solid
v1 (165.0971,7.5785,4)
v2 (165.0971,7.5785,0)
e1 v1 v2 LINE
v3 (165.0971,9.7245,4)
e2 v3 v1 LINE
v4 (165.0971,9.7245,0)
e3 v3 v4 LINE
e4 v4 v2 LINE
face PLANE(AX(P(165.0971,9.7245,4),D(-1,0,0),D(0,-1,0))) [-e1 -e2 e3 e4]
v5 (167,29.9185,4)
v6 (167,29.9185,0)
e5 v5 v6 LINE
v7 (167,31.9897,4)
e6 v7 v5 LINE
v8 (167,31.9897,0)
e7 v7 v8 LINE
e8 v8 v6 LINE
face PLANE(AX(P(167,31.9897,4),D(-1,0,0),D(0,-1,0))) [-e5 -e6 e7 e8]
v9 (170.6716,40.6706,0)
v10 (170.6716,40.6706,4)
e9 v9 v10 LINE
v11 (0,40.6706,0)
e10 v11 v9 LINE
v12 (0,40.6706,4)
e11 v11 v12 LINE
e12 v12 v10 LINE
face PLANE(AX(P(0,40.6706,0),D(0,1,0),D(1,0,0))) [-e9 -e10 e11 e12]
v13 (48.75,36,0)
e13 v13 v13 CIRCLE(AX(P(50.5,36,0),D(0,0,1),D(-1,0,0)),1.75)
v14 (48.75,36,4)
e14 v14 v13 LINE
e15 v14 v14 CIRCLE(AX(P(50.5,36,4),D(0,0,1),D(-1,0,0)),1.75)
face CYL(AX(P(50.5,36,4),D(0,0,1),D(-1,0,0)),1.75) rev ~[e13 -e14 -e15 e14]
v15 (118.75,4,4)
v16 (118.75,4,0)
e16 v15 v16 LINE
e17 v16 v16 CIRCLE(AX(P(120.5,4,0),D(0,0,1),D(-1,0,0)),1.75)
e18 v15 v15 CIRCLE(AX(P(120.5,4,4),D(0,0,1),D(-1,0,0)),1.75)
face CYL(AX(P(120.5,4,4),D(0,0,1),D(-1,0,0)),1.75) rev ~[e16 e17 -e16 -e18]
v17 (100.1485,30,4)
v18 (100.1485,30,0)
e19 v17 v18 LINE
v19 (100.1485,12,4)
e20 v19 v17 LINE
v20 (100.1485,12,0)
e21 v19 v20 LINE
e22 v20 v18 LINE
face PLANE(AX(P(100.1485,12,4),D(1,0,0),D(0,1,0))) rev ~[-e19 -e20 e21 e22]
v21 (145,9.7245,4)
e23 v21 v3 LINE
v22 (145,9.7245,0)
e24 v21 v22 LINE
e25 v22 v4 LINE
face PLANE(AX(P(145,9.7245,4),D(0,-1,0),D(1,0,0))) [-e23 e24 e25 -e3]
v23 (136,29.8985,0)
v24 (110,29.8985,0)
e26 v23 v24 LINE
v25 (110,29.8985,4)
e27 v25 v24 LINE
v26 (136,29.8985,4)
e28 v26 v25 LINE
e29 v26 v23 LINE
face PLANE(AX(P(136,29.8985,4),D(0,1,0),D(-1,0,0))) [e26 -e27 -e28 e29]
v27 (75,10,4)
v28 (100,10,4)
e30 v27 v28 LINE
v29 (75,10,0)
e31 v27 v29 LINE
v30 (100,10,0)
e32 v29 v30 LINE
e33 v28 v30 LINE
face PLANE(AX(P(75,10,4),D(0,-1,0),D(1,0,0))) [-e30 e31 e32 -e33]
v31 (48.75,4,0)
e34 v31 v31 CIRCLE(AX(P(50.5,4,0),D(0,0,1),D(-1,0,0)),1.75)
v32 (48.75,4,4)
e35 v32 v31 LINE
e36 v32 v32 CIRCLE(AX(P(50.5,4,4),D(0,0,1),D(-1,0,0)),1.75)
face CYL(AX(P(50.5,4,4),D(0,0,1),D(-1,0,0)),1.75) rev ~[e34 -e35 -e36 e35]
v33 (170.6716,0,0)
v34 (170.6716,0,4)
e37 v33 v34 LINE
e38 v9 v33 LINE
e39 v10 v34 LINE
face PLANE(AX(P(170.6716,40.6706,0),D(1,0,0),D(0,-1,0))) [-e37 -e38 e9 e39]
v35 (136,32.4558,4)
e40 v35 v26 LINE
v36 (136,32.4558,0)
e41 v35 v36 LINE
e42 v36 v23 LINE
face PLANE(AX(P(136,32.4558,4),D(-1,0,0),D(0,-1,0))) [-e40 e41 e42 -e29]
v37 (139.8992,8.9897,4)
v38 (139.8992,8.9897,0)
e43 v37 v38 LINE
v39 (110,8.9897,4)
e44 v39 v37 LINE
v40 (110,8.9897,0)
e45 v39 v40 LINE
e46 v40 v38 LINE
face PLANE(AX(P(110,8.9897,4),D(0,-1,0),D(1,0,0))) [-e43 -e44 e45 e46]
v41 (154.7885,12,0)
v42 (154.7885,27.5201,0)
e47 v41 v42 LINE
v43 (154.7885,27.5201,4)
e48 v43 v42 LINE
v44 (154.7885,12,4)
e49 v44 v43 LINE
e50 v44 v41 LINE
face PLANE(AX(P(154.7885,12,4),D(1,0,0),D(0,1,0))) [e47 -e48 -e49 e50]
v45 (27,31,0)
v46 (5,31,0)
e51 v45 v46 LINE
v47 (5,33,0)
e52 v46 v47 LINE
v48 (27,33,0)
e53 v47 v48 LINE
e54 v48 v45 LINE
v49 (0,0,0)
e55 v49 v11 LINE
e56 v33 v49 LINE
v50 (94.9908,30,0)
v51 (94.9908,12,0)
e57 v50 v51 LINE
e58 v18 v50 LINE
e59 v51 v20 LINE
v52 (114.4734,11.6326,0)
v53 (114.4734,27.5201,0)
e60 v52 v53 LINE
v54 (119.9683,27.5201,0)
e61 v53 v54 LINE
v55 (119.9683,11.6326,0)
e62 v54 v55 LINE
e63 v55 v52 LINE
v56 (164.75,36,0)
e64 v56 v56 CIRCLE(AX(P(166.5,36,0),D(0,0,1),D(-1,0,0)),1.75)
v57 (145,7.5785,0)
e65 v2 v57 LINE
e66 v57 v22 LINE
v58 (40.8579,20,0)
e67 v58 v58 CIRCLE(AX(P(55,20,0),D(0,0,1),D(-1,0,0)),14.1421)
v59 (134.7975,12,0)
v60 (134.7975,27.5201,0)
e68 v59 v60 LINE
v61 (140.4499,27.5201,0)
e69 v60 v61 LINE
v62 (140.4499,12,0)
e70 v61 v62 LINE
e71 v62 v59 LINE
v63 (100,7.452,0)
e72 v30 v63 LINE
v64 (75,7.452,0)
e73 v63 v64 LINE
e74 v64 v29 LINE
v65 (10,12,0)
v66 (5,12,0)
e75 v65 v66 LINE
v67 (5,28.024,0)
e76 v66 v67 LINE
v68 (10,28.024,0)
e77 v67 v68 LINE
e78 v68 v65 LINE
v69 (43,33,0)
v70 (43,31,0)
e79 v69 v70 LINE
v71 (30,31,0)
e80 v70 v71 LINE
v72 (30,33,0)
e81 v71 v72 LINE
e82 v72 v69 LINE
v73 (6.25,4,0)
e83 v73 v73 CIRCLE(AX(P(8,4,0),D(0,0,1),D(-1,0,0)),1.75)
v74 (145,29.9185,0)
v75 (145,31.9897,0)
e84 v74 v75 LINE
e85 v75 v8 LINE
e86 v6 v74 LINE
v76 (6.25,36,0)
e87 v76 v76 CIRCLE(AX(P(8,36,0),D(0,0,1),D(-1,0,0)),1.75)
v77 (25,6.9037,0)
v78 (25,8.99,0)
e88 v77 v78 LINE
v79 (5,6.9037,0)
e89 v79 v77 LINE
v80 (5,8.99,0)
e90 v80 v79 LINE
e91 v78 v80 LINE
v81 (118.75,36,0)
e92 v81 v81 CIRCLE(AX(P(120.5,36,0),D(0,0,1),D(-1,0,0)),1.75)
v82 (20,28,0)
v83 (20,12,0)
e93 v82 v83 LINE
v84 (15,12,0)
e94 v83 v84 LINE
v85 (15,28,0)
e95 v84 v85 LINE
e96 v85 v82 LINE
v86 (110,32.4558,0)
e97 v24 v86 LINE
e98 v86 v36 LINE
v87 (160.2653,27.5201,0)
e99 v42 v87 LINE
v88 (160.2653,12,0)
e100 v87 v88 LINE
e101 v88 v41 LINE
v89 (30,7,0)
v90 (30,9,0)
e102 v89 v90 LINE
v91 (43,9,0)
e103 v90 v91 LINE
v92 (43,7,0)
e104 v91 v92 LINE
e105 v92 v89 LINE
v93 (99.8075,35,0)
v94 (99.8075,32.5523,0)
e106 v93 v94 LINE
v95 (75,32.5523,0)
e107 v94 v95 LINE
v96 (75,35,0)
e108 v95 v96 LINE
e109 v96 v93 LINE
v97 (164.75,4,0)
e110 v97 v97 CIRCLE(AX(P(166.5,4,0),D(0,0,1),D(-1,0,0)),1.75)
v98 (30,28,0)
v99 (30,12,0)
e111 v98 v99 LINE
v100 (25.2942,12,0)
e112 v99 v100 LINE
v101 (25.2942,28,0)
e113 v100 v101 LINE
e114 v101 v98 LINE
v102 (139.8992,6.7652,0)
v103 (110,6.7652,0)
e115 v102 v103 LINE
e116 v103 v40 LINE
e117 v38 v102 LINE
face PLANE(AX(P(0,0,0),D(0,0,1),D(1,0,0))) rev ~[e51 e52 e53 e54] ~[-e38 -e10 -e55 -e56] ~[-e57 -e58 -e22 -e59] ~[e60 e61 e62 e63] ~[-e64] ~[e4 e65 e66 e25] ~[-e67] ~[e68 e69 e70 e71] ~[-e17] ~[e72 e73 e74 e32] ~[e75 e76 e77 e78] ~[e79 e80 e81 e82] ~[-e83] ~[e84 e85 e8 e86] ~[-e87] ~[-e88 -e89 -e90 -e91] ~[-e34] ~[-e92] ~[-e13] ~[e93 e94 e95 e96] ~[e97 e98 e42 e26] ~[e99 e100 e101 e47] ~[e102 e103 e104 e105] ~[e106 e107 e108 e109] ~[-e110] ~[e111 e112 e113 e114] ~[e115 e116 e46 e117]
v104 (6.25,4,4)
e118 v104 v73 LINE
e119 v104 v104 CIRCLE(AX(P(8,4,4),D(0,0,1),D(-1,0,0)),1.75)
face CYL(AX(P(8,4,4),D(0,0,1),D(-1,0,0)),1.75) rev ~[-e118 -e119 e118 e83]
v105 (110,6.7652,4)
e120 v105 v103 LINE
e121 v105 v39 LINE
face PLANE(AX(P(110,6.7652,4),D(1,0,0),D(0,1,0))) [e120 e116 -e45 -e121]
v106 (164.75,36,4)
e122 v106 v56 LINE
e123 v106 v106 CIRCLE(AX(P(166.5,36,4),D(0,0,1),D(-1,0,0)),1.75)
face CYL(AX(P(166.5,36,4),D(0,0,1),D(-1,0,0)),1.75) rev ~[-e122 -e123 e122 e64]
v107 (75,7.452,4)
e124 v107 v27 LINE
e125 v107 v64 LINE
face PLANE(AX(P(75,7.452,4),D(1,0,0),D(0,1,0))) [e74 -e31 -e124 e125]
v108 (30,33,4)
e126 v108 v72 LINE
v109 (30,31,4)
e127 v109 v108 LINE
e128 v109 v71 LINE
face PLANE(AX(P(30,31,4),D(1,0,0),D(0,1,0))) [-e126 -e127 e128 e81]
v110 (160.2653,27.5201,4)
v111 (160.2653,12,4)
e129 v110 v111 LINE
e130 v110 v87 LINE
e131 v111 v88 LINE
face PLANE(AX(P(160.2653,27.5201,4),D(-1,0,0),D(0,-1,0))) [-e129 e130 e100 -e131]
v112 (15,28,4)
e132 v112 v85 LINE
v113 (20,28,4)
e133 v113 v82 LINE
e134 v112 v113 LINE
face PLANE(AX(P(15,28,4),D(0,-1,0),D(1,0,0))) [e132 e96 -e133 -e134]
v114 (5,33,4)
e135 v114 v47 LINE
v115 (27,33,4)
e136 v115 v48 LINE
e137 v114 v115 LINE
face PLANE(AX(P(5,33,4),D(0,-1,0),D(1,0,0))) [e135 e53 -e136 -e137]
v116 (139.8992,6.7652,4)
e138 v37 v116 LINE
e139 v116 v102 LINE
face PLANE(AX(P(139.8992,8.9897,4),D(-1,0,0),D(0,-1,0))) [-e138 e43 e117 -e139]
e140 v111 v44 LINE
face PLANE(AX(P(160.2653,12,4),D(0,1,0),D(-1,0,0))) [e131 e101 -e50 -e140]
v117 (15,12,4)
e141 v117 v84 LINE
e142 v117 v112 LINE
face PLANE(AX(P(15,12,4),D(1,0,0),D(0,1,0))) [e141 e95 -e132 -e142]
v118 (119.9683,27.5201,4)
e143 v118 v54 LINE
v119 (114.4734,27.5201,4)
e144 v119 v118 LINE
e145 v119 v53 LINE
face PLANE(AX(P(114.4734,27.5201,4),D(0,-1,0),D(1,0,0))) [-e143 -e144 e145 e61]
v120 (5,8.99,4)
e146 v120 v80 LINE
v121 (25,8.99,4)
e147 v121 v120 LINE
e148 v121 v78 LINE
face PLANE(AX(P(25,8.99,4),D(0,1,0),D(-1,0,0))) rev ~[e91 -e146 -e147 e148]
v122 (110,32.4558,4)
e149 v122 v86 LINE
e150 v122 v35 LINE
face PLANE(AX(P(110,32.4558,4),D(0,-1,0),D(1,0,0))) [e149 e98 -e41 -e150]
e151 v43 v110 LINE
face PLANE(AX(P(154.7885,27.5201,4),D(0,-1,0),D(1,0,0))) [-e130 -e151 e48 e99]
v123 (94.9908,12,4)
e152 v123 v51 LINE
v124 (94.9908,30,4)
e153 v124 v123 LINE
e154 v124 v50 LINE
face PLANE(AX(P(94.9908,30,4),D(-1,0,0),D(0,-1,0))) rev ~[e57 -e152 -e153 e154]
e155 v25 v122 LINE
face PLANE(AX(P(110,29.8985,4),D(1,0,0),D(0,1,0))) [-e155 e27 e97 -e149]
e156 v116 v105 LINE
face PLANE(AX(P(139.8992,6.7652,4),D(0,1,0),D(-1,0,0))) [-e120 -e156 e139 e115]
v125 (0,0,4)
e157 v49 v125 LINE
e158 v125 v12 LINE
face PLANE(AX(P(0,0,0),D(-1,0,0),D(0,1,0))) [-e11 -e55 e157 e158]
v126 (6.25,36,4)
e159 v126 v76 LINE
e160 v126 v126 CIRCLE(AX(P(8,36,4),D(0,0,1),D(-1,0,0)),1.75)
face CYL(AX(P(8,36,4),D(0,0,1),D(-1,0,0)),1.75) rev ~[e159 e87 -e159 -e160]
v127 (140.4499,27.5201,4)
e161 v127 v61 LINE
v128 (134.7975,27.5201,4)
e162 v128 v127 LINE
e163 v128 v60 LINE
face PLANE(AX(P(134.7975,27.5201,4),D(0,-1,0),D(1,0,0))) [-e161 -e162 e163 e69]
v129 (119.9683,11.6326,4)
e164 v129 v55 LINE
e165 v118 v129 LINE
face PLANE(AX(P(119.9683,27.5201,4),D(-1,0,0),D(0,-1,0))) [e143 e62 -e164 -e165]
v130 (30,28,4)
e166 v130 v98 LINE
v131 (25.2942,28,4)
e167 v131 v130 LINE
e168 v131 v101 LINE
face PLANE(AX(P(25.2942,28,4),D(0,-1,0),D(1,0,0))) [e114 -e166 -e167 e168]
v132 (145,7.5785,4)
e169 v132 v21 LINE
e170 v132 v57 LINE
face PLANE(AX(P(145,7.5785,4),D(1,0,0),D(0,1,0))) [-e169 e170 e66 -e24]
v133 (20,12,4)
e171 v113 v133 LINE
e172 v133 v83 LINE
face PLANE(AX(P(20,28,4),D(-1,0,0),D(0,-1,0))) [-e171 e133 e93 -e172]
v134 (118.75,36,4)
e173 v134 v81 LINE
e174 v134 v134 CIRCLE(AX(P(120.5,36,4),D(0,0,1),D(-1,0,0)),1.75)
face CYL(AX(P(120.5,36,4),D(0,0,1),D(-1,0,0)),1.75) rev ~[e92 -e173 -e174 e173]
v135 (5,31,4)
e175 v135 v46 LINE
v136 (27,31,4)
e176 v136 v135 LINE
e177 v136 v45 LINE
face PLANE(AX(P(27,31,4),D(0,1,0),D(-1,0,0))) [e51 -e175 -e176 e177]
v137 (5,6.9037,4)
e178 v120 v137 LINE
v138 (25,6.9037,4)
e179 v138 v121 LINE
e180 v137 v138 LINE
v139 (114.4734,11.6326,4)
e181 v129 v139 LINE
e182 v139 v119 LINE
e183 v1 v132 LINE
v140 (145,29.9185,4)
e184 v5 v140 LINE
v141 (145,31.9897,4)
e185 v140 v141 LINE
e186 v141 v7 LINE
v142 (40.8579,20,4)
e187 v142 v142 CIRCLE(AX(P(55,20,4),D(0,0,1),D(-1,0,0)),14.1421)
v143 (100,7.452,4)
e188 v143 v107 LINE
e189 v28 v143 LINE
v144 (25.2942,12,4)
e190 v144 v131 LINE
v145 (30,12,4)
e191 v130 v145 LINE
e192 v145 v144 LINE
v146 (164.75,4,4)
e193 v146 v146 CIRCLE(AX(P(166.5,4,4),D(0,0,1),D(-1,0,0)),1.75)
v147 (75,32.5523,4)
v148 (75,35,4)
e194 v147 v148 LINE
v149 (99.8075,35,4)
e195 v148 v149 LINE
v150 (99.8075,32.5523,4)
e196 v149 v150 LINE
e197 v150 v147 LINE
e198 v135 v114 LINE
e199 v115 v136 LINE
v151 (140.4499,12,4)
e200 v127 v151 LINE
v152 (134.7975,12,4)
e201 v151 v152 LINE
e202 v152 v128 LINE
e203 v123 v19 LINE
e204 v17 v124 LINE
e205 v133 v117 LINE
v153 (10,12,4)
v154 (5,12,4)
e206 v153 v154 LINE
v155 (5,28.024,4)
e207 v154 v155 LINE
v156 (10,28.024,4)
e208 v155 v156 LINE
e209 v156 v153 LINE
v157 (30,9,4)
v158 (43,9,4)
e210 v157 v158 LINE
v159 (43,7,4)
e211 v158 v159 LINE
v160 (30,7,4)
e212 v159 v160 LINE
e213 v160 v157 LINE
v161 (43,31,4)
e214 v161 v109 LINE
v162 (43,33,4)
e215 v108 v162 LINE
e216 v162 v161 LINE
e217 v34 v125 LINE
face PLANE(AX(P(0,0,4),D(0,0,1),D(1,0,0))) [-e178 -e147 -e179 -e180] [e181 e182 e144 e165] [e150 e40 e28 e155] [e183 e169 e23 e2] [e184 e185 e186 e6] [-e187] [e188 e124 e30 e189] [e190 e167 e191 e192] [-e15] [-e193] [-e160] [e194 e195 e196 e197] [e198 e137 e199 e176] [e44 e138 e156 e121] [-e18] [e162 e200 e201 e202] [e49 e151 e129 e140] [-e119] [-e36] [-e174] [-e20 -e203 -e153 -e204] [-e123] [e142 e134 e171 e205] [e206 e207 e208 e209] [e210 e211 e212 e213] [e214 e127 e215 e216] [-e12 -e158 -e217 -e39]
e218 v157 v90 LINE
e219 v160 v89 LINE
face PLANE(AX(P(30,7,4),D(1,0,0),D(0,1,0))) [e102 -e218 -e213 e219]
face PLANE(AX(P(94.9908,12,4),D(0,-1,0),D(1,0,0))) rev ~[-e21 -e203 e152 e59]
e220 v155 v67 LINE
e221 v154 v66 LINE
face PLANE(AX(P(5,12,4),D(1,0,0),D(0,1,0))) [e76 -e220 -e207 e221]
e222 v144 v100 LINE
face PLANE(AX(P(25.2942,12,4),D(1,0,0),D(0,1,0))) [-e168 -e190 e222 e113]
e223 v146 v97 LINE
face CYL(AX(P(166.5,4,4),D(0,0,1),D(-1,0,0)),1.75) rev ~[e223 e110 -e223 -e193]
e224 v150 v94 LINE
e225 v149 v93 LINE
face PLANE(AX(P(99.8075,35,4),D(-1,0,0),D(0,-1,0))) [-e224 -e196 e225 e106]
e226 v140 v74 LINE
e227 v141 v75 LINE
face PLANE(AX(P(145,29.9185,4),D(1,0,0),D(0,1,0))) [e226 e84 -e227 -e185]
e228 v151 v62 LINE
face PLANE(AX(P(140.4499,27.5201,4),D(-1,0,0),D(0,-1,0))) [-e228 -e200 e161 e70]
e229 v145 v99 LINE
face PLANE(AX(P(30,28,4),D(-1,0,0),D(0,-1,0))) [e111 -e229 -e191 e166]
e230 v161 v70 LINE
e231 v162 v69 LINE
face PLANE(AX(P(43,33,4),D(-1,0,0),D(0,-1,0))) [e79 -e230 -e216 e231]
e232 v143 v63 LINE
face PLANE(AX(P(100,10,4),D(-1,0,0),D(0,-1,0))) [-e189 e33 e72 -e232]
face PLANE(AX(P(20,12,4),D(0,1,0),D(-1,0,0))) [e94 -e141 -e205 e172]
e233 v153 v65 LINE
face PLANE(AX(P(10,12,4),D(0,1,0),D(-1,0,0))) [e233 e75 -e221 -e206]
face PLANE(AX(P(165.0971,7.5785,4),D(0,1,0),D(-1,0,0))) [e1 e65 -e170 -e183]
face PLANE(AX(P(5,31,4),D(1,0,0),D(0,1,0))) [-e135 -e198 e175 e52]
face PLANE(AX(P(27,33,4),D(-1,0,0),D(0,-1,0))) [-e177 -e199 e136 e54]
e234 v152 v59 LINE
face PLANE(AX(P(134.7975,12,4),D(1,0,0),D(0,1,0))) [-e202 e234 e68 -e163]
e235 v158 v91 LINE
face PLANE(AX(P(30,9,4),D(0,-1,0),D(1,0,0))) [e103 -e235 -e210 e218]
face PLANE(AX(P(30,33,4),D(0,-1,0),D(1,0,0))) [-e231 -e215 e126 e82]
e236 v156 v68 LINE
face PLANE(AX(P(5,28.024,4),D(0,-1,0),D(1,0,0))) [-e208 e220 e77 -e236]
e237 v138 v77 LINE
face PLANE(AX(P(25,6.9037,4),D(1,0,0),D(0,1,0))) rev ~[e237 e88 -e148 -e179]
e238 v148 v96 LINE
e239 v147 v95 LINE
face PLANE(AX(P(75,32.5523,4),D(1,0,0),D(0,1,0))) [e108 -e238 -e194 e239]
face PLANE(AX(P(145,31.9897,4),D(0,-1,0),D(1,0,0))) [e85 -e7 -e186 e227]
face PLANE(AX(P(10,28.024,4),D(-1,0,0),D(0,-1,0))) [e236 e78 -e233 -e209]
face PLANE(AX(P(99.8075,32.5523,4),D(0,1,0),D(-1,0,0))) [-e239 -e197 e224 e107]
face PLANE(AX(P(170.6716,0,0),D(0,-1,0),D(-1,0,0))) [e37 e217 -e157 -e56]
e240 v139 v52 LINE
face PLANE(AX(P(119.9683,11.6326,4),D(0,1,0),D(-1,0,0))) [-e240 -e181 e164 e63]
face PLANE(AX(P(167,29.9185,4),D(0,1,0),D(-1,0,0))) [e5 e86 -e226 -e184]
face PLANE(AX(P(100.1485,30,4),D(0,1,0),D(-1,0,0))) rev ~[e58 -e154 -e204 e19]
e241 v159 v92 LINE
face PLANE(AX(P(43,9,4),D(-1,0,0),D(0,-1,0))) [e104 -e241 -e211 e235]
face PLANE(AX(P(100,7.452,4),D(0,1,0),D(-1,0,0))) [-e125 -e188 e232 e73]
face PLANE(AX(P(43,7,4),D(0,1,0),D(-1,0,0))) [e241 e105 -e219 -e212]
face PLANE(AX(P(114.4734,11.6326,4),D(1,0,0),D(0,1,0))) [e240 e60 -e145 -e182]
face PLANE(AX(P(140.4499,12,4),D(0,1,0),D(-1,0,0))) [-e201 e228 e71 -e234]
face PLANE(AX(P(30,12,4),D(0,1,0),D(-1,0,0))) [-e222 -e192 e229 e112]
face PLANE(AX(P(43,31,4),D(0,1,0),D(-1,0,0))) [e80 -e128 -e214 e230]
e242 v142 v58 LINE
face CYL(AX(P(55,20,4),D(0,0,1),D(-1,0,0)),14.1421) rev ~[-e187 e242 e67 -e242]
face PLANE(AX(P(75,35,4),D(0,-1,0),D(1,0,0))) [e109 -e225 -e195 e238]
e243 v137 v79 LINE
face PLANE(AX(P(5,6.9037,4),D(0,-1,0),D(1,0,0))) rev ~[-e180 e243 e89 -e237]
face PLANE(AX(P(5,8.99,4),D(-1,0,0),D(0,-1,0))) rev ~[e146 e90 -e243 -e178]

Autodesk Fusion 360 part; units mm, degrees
sketch "Sketch1" plane through (0, 0, 0) normal (0, 0, 1) x (1, 0, 0)
  line L0 (0, 40.6706) -> (170.6716, 40.6706)
  line L1 (170.6716, 40.6706) -> (170.6716, 0)
  line L2 (170.6716, 0) -> (0, 0)
  line L3 (0, 0) -> (0, 40.6706)
sketch "Sketch2" plane through (0, 0, 0) normal (0, 0, 1) x (1, 0, 0)
  circle A0 centre (2.5, 4) radius 1.75
  line L0 (170.6716, 0) -> (0, 0)
  line L1 (0, 0) -> (0, 40.6706)
  dimension "d1" = 3.5
  dimension "d2" = 4
  dimension "d3" = 2.5
sketch "Sketch4" plane through (0, 0, 0) normal (0, 0, 1) x (1, 0, 0)
  circle A0 centre (49.5, 4) radius 1.75
  circle A1 centre (2.5, 4) radius 1.75
  dimension "d9" = 3.5
  dimension "d10" = 47
extrude "Extrude1" add sketch "Sketch1" along normal blind 4
sketch "Sketch11" plane through (0, 0, 4) normal (0, 0, 1) x (-1, 0, 0)
  line L0 (0, 0) -> (-170.6716, 0)
  line L1 (-170.6716, 0) -> (-170.6716, -40.6706)
  line L2 (-170.6716, -40.6706) -> (0, -40.6706)
  line L3 (0, -40.6706) -> (0, 0)
  line L4 (-5, -30) -> (-150, -30)
  line L5 (-150, -30) -> (-150, -10)
  line L6 (-150, -10) -> (-5, -10)
  line L7 (-5, -10) -> (-5, -30)
sketch "Sketch13" plane through (0, 0, 4) normal (0, 0, 1) x (-1, 0, 0)
  line L0 (0, 0) -> (-170.6716, 0)
  line L1 (-170.6716, 0) -> (-170.6716, -40.6706)
  line L2 (-170.6716, -40.6706) -> (0, -40.6706)
  line L3 (0, -40.6706) -> (0, 0)
  circle A0 centre (-8, -4) radius 1.75
  circle A1 centre (-8, -36) radius 1.75
  circle A2 centre (-50.5, -36) radius 1.75
  circle A3 centre (-50.5, -4) radius 1.75
  circle A4 centre (-120.5, -4) radius 1.75
  circle A5 centre (-120.5, -36) radius 1.75
  circle A6 centre (-166.5, -4) radius 1.75
  circle A7 centre (-166.5, -36) radius 1.75
  dimension "d44" = 3.5
  dimension "d45" = 4
  dimension "d46" = 3.5
  dimension "d47" = 32
  dimension "d48" = 8
  dimension "d49" = 8
  dimension "d50" = 3.5
  dimension "d52" = 3.5
  dimension "d53" = 4
  dimension "d55" = 32
  dimension "d56" = 3.5
  dimension "d58" = 4
  dimension "d59" = 3.5
  dimension "d60" = 32
  dimension "d62" = 3.5
  dimension "d63" = 46
  dimension "d64" = 4
  dimension "d65" = 3.5
  dimension "d66" = 46
  dimension "d67" = 32
extrude "Extrude5" cut sketch "Sketch13" against normal blind 15 contours A0 | A1 | A2 | A3 | A4 | A5 | A6 | A7
sketch "Sketch16" plane through (0, 0, 4) normal (0, 0, 1) x (-1, 0, 0)
  circle A0 centre (-120.5, -36) radius 1.75
  circle A1 centre (-50.5, -36) radius 1.75
  circle A2 centre (-50.5, -4) radius 1.75
  circle A3 centre (-120.5, -4) radius 1.75
  circle A4 centre (-166.5, -36) radius 1.75
  circle A5 centre (-8, -36) radius 1.75
  circle A6 centre (-8, -4) radius 1.75
  circle A7 centre (-166.5, -4) radius 1.75
  line L0 (0, 0) -> (-170.6716, 0)
  line L1 (-170.6716, 0) -> (-170.6716, -40.6706)
  line L2 (-170.6716, -40.6706) -> (0, -40.6706)
  line L3 (0, -40.6706) -> (0, 0)
  line L4 (-5, -33) -> (-27, -33)
  line L5 (-27, -33) -> (-27, -31)
  line L6 (-27, -31) -> (-5, -31)
  line L7 (-5, -31) -> (-5, -33)
  line L8 (-5, -6.9037) -> (-25, -6.9037)
  line L9 (-25, -6.9037) -> (-25, -8.99)
  line L10 (-25, -8.99) -> (-5, -8.99)
  line L11 (-5, -8.99) -> (-5, -6.9037)
  line L12 (-5, -28.024) -> (-10, -28.024)
  line L13 (-10, -28.024) -> (-10, -12)
  line L14 (-10, -12) -> (-5, -12)
  line L15 (-5, -12) -> (-5, -28.024)
  line L16 (-15, -28) -> (-20, -28)
  line L17 (-20, -28) -> (-20, -12)
  line L18 (-20, -12) -> (-15, -12)
  line L19 (-15, -12) -> (-15, -28)
  line L20 (-25.2942, -28) -> (-30, -28)
  line L21 (-30, -28) -> (-30, -12)
  line L22 (-30, -12) -> (-25.2942, -12)
  line L23 (-25.2942, -12) -> (-25.2942, -28)
  line L24 (-30, -33) -> (-43, -33)
  line L25 (-43, -33) -> (-43, -31)
  line L26 (-43, -31) -> (-30, -31)
  line L27 (-30, -31) -> (-30, -33)
  line L28 (-30, -9) -> (-43, -9)
  line L29 (-43, -9) -> (-43, -7)
  line L30 (-43, -7) -> (-30, -7)
  line L31 (-30, -7) -> (-30, -9)
  circle A8 centre (-55, -20) radius 14.1421
  line L32 (-94.9908, -12) -> (-100.1485, -12)
  line L33 (-100.1485, -12) -> (-100.1485, -30)
  line L34 (-100.1485, -30) -> (-94.9908, -30)
  line L35 (-94.9908, -30) -> (-94.9908, -12)
  line L36 (-114.4734, -27.5201) -> (-119.9683, -27.5201)
  line L37 (-119.9683, -27.5201) -> (-119.9683, -11.6326)
  line L38 (-119.9683, -11.6326) -> (-114.4734, -11.6326)
  line L39 (-114.4734, -11.6326) -> (-114.4734, -27.5201)
  line L40 (-134.7975, -27.5201) -> (-140.4499, -27.5201)
  line L41 (-140.4499, -27.5201) -> (-140.4499, -12)
  line L42 (-140.4499, -12) -> (-134.7975, -12)
  line L43 (-134.7975, -12) -> (-134.7975, -27.5201)
  line L44 (-154.7885, -27.5201) -> (-160.2653, -27.5201)
  line L45 (-160.2653, -27.5201) -> (-160.2653, -12)
  line L46 (-160.2653, -12) -> (-154.7885, -12)
  line L47 (-154.7885, -12) -> (-154.7885, -27.5201)
  line L48 (-75, -10) -> (-100, -10)
  line L49 (-100, -10) -> (-100, -7.452)
  line L50 (-100, -7.452) -> (-75, -7.452)
  line L51 (-75, -7.452) -> (-75, -10)
  line L52 (-110, -8.9897) -> (-139.8992, -8.9897)
  line L53 (-139.8992, -8.9897) -> (-139.8992, -6.7652)
  line L54 (-139.8992, -6.7652) -> (-110, -6.7652)
  line L55 (-110, -6.7652) -> (-110, -8.9897)
  line L56 (-145, -9.7245) -> (-165.0971, -9.7245)
  line L57 (-165.0971, -9.7245) -> (-165.0971, -7.5785)
  line L58 (-165.0971, -7.5785) -> (-145, -7.5785)
  line L59 (-145, -7.5785) -> (-145, -9.7245)
  line L60 (-75, -35) -> (-99.8075, -35)
  line L61 (-99.8075, -35) -> (-99.8075, -32.5523)
  line L62 (-99.8075, -32.5523) -> (-75, -32.5523)
  line L63 (-75, -32.5523) -> (-75, -35)
  line L64 (-110, -32.4558) -> (-136, -32.4558)
  line L65 (-136, -32.4558) -> (-136, -29.8985)
  line L66 (-136, -29.8985) -> (-110, -29.8985)
  line L67 (-110, -29.8985) -> (-110, -32.4558)
  line L68 (-145, -31.9897) -> (-167, -31.9897)
  line L69 (-167, -31.9897) -> (-167, -29.9185)
  line L70 (-167, -29.9185) -> (-145, -29.9185)
  line L71 (-145, -29.9185) -> (-145, -31.9897)
  dimension "d78" = 22
  dimension "d79" = 3
  dimension "d81" = 13
  dimension "d82" = 13
extrude "Extrude8" cut sketch "Sketch16" against normal blind 15 contours L4 L5 L6 L7 | L8 L9 L10 L11 | L12 L13 L14 L15 | L16 L17 L18 L19 | L20 L21 L22 L23 | L24 L25 L26 L27 | L28 L29 L30 L31 | A8 | L32 L33 L34 L35 | L36 L37 L38 L39 | L40 L41 L42 L43 | L44 L45 L46 L47 | L48 L49 L50 L51 | L52 L53 L54 L55 | L56 L57 L58 L59 | L60 L61 L62 L63 | L64 L65 L66 L67 | L68 L69 L70 L71
